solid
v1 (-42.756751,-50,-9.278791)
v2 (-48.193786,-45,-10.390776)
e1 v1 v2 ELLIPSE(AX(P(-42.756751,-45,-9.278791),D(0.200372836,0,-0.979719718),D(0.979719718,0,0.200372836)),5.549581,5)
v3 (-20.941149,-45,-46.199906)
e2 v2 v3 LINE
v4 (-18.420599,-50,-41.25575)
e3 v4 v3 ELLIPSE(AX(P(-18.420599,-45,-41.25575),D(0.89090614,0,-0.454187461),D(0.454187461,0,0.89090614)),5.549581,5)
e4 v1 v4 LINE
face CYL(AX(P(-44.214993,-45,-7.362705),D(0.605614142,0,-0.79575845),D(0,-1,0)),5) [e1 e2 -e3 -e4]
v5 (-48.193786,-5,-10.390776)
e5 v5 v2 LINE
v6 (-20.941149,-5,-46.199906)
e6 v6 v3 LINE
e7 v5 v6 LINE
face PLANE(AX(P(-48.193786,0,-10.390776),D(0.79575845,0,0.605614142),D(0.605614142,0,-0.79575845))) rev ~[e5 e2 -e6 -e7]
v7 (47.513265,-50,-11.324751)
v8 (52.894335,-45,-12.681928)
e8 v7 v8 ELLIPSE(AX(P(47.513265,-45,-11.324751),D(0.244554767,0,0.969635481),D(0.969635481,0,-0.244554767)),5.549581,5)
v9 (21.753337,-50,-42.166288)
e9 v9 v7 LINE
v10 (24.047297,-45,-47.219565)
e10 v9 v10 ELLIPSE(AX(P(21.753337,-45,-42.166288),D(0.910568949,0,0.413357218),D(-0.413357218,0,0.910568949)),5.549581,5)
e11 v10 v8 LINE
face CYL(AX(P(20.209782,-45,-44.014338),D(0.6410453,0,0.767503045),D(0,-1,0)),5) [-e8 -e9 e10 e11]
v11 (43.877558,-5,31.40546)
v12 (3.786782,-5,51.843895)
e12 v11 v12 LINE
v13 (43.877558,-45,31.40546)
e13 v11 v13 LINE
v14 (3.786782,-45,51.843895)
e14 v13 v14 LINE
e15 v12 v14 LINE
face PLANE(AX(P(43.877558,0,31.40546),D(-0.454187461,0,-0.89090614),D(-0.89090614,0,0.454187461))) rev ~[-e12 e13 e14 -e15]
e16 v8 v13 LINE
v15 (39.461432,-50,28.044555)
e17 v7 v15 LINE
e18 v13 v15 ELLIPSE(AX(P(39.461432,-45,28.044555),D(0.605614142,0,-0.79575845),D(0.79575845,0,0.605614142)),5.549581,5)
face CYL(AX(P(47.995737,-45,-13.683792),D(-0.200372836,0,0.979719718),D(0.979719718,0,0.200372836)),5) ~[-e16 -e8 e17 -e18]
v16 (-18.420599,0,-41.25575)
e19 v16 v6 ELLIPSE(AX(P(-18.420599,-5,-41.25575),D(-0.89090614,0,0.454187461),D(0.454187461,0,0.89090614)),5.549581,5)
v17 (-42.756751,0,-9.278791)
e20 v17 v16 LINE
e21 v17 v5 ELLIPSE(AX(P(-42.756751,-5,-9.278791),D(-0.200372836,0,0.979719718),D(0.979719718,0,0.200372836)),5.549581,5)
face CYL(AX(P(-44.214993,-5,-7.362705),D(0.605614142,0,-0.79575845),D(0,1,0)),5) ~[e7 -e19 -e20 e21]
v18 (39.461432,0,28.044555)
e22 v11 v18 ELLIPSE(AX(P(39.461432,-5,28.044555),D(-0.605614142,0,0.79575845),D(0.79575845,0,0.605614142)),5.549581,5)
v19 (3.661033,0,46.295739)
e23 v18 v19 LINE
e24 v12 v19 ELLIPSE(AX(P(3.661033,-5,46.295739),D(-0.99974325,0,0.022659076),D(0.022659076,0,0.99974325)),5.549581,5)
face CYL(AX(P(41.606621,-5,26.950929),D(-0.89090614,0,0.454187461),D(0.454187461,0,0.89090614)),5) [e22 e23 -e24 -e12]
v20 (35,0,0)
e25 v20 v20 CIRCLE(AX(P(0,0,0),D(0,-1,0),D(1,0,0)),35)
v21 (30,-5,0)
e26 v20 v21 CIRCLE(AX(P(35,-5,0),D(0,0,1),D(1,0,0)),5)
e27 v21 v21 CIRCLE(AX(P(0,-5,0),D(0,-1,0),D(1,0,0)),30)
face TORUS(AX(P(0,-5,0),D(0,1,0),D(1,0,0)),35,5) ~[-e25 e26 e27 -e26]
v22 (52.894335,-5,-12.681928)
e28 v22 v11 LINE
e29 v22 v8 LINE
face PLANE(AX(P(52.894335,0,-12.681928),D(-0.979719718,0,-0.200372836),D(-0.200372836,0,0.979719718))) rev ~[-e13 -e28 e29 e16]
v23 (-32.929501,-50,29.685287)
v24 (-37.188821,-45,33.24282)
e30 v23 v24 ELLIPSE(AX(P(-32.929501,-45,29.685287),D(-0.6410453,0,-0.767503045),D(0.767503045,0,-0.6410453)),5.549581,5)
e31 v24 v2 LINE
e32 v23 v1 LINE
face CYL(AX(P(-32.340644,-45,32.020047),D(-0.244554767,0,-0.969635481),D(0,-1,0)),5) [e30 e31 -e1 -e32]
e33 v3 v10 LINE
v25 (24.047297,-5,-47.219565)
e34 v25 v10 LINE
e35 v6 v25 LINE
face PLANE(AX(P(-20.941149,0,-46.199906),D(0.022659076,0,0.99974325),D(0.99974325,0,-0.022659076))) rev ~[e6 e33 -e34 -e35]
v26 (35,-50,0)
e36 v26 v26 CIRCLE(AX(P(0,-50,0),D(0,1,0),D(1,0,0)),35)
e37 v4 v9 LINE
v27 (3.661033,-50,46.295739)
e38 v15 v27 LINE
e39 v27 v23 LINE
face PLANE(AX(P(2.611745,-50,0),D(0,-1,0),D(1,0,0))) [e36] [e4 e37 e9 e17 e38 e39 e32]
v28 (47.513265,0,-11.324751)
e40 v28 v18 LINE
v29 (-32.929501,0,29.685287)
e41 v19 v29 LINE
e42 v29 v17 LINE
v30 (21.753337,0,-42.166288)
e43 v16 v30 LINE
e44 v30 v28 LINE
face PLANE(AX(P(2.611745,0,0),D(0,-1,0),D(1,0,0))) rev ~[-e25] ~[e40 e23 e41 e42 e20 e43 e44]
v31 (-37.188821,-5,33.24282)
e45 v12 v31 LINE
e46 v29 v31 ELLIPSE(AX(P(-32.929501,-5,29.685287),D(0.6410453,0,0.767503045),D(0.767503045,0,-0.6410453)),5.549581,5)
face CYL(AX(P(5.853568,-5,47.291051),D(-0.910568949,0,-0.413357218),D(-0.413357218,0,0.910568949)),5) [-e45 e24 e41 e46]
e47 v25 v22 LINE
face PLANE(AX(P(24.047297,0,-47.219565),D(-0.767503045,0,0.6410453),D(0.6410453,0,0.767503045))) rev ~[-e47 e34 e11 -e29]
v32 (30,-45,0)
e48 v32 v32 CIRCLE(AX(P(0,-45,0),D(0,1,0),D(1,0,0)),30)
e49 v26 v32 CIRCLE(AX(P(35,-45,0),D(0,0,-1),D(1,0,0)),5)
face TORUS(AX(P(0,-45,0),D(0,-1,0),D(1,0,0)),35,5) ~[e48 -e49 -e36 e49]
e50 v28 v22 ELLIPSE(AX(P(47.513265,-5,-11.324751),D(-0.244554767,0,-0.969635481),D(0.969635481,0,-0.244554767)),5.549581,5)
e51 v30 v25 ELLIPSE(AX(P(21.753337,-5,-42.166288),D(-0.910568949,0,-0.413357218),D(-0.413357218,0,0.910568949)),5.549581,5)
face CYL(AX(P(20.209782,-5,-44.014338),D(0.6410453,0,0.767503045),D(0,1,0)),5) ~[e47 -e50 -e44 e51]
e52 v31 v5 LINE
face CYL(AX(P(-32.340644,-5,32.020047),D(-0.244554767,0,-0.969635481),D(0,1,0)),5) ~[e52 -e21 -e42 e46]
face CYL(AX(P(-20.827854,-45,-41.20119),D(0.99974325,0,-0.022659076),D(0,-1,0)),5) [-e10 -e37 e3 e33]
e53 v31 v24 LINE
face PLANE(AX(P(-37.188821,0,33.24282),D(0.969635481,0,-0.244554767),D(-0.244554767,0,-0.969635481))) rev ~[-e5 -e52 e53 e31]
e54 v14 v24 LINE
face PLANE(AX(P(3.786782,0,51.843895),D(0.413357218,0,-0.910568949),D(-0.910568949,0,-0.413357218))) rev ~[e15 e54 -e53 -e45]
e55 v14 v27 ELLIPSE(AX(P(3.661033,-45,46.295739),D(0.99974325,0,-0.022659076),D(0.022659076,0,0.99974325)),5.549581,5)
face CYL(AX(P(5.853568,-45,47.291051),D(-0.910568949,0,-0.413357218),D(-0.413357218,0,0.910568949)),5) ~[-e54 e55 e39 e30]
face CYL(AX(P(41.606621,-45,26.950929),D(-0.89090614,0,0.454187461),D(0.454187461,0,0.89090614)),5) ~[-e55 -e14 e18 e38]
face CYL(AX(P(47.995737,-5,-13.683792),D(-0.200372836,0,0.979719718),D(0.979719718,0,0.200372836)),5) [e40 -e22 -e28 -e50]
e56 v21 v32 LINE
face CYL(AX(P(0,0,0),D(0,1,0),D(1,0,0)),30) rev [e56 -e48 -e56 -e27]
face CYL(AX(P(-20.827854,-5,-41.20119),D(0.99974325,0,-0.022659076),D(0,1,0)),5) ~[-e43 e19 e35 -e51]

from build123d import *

# Parameters (mm, degrees)
F1_DEPTH = 50
F2_R     = 30
F3_DEPTH = 50.001
F4_R     = 5


with BuildPart() as f1:
    # F0 (on Front) → F1 (new body)
    with BuildSketch(Plane.XZ):
        Polygon((43.8775578274, 31.4054595038), (3.7867815374, 51.8438952675), (-37.1888211604, 33.242820472), (-48.1937856847, -10.3907761688), (-20.9411492883, -46.1999064214), (24.0472969699, -47.2195648323), (52.8943354603, -12.6819278209), align=None)
    extrude(amount=F1_DEPTH)

    # F2 (on Front) → F3 (cut, through all)
    with BuildSketch(Plane.XZ):
        Circle(F2_R)
    extrude(amount=F3_DEPTH, mode=Mode.SUBTRACT)

    # F4
    f4_edges = [f1.edges().sort_by_distance(p)[0] for p in [
        (38.470816, -50, -29.950746),
        (1.553074, -50, -46.709736),
        (48.385947, -50, 9.361766),
        (-34.567467, -50, -28.295341),
        (23.83217, -50, 41.624677),
        (-42.691303, -50, 11.426022),
        (-16.70102, -50, 42.543358),
        (-30, -50, 0),
        (38.470816, 0, -29.950746),
        (1.553074, 0, -46.709736),
        (48.385947, 0, 9.361766),
        (-34.567467, 0, -28.295341),
        (23.83217, 0, 41.624677),
        (-42.691303, 0, 11.426022),
        (-16.70102, 0, 42.543358),
        (-30, 0, 0),
    ]]
    fillet(f4_edges, radius=F4_R)


solid = f1.part
